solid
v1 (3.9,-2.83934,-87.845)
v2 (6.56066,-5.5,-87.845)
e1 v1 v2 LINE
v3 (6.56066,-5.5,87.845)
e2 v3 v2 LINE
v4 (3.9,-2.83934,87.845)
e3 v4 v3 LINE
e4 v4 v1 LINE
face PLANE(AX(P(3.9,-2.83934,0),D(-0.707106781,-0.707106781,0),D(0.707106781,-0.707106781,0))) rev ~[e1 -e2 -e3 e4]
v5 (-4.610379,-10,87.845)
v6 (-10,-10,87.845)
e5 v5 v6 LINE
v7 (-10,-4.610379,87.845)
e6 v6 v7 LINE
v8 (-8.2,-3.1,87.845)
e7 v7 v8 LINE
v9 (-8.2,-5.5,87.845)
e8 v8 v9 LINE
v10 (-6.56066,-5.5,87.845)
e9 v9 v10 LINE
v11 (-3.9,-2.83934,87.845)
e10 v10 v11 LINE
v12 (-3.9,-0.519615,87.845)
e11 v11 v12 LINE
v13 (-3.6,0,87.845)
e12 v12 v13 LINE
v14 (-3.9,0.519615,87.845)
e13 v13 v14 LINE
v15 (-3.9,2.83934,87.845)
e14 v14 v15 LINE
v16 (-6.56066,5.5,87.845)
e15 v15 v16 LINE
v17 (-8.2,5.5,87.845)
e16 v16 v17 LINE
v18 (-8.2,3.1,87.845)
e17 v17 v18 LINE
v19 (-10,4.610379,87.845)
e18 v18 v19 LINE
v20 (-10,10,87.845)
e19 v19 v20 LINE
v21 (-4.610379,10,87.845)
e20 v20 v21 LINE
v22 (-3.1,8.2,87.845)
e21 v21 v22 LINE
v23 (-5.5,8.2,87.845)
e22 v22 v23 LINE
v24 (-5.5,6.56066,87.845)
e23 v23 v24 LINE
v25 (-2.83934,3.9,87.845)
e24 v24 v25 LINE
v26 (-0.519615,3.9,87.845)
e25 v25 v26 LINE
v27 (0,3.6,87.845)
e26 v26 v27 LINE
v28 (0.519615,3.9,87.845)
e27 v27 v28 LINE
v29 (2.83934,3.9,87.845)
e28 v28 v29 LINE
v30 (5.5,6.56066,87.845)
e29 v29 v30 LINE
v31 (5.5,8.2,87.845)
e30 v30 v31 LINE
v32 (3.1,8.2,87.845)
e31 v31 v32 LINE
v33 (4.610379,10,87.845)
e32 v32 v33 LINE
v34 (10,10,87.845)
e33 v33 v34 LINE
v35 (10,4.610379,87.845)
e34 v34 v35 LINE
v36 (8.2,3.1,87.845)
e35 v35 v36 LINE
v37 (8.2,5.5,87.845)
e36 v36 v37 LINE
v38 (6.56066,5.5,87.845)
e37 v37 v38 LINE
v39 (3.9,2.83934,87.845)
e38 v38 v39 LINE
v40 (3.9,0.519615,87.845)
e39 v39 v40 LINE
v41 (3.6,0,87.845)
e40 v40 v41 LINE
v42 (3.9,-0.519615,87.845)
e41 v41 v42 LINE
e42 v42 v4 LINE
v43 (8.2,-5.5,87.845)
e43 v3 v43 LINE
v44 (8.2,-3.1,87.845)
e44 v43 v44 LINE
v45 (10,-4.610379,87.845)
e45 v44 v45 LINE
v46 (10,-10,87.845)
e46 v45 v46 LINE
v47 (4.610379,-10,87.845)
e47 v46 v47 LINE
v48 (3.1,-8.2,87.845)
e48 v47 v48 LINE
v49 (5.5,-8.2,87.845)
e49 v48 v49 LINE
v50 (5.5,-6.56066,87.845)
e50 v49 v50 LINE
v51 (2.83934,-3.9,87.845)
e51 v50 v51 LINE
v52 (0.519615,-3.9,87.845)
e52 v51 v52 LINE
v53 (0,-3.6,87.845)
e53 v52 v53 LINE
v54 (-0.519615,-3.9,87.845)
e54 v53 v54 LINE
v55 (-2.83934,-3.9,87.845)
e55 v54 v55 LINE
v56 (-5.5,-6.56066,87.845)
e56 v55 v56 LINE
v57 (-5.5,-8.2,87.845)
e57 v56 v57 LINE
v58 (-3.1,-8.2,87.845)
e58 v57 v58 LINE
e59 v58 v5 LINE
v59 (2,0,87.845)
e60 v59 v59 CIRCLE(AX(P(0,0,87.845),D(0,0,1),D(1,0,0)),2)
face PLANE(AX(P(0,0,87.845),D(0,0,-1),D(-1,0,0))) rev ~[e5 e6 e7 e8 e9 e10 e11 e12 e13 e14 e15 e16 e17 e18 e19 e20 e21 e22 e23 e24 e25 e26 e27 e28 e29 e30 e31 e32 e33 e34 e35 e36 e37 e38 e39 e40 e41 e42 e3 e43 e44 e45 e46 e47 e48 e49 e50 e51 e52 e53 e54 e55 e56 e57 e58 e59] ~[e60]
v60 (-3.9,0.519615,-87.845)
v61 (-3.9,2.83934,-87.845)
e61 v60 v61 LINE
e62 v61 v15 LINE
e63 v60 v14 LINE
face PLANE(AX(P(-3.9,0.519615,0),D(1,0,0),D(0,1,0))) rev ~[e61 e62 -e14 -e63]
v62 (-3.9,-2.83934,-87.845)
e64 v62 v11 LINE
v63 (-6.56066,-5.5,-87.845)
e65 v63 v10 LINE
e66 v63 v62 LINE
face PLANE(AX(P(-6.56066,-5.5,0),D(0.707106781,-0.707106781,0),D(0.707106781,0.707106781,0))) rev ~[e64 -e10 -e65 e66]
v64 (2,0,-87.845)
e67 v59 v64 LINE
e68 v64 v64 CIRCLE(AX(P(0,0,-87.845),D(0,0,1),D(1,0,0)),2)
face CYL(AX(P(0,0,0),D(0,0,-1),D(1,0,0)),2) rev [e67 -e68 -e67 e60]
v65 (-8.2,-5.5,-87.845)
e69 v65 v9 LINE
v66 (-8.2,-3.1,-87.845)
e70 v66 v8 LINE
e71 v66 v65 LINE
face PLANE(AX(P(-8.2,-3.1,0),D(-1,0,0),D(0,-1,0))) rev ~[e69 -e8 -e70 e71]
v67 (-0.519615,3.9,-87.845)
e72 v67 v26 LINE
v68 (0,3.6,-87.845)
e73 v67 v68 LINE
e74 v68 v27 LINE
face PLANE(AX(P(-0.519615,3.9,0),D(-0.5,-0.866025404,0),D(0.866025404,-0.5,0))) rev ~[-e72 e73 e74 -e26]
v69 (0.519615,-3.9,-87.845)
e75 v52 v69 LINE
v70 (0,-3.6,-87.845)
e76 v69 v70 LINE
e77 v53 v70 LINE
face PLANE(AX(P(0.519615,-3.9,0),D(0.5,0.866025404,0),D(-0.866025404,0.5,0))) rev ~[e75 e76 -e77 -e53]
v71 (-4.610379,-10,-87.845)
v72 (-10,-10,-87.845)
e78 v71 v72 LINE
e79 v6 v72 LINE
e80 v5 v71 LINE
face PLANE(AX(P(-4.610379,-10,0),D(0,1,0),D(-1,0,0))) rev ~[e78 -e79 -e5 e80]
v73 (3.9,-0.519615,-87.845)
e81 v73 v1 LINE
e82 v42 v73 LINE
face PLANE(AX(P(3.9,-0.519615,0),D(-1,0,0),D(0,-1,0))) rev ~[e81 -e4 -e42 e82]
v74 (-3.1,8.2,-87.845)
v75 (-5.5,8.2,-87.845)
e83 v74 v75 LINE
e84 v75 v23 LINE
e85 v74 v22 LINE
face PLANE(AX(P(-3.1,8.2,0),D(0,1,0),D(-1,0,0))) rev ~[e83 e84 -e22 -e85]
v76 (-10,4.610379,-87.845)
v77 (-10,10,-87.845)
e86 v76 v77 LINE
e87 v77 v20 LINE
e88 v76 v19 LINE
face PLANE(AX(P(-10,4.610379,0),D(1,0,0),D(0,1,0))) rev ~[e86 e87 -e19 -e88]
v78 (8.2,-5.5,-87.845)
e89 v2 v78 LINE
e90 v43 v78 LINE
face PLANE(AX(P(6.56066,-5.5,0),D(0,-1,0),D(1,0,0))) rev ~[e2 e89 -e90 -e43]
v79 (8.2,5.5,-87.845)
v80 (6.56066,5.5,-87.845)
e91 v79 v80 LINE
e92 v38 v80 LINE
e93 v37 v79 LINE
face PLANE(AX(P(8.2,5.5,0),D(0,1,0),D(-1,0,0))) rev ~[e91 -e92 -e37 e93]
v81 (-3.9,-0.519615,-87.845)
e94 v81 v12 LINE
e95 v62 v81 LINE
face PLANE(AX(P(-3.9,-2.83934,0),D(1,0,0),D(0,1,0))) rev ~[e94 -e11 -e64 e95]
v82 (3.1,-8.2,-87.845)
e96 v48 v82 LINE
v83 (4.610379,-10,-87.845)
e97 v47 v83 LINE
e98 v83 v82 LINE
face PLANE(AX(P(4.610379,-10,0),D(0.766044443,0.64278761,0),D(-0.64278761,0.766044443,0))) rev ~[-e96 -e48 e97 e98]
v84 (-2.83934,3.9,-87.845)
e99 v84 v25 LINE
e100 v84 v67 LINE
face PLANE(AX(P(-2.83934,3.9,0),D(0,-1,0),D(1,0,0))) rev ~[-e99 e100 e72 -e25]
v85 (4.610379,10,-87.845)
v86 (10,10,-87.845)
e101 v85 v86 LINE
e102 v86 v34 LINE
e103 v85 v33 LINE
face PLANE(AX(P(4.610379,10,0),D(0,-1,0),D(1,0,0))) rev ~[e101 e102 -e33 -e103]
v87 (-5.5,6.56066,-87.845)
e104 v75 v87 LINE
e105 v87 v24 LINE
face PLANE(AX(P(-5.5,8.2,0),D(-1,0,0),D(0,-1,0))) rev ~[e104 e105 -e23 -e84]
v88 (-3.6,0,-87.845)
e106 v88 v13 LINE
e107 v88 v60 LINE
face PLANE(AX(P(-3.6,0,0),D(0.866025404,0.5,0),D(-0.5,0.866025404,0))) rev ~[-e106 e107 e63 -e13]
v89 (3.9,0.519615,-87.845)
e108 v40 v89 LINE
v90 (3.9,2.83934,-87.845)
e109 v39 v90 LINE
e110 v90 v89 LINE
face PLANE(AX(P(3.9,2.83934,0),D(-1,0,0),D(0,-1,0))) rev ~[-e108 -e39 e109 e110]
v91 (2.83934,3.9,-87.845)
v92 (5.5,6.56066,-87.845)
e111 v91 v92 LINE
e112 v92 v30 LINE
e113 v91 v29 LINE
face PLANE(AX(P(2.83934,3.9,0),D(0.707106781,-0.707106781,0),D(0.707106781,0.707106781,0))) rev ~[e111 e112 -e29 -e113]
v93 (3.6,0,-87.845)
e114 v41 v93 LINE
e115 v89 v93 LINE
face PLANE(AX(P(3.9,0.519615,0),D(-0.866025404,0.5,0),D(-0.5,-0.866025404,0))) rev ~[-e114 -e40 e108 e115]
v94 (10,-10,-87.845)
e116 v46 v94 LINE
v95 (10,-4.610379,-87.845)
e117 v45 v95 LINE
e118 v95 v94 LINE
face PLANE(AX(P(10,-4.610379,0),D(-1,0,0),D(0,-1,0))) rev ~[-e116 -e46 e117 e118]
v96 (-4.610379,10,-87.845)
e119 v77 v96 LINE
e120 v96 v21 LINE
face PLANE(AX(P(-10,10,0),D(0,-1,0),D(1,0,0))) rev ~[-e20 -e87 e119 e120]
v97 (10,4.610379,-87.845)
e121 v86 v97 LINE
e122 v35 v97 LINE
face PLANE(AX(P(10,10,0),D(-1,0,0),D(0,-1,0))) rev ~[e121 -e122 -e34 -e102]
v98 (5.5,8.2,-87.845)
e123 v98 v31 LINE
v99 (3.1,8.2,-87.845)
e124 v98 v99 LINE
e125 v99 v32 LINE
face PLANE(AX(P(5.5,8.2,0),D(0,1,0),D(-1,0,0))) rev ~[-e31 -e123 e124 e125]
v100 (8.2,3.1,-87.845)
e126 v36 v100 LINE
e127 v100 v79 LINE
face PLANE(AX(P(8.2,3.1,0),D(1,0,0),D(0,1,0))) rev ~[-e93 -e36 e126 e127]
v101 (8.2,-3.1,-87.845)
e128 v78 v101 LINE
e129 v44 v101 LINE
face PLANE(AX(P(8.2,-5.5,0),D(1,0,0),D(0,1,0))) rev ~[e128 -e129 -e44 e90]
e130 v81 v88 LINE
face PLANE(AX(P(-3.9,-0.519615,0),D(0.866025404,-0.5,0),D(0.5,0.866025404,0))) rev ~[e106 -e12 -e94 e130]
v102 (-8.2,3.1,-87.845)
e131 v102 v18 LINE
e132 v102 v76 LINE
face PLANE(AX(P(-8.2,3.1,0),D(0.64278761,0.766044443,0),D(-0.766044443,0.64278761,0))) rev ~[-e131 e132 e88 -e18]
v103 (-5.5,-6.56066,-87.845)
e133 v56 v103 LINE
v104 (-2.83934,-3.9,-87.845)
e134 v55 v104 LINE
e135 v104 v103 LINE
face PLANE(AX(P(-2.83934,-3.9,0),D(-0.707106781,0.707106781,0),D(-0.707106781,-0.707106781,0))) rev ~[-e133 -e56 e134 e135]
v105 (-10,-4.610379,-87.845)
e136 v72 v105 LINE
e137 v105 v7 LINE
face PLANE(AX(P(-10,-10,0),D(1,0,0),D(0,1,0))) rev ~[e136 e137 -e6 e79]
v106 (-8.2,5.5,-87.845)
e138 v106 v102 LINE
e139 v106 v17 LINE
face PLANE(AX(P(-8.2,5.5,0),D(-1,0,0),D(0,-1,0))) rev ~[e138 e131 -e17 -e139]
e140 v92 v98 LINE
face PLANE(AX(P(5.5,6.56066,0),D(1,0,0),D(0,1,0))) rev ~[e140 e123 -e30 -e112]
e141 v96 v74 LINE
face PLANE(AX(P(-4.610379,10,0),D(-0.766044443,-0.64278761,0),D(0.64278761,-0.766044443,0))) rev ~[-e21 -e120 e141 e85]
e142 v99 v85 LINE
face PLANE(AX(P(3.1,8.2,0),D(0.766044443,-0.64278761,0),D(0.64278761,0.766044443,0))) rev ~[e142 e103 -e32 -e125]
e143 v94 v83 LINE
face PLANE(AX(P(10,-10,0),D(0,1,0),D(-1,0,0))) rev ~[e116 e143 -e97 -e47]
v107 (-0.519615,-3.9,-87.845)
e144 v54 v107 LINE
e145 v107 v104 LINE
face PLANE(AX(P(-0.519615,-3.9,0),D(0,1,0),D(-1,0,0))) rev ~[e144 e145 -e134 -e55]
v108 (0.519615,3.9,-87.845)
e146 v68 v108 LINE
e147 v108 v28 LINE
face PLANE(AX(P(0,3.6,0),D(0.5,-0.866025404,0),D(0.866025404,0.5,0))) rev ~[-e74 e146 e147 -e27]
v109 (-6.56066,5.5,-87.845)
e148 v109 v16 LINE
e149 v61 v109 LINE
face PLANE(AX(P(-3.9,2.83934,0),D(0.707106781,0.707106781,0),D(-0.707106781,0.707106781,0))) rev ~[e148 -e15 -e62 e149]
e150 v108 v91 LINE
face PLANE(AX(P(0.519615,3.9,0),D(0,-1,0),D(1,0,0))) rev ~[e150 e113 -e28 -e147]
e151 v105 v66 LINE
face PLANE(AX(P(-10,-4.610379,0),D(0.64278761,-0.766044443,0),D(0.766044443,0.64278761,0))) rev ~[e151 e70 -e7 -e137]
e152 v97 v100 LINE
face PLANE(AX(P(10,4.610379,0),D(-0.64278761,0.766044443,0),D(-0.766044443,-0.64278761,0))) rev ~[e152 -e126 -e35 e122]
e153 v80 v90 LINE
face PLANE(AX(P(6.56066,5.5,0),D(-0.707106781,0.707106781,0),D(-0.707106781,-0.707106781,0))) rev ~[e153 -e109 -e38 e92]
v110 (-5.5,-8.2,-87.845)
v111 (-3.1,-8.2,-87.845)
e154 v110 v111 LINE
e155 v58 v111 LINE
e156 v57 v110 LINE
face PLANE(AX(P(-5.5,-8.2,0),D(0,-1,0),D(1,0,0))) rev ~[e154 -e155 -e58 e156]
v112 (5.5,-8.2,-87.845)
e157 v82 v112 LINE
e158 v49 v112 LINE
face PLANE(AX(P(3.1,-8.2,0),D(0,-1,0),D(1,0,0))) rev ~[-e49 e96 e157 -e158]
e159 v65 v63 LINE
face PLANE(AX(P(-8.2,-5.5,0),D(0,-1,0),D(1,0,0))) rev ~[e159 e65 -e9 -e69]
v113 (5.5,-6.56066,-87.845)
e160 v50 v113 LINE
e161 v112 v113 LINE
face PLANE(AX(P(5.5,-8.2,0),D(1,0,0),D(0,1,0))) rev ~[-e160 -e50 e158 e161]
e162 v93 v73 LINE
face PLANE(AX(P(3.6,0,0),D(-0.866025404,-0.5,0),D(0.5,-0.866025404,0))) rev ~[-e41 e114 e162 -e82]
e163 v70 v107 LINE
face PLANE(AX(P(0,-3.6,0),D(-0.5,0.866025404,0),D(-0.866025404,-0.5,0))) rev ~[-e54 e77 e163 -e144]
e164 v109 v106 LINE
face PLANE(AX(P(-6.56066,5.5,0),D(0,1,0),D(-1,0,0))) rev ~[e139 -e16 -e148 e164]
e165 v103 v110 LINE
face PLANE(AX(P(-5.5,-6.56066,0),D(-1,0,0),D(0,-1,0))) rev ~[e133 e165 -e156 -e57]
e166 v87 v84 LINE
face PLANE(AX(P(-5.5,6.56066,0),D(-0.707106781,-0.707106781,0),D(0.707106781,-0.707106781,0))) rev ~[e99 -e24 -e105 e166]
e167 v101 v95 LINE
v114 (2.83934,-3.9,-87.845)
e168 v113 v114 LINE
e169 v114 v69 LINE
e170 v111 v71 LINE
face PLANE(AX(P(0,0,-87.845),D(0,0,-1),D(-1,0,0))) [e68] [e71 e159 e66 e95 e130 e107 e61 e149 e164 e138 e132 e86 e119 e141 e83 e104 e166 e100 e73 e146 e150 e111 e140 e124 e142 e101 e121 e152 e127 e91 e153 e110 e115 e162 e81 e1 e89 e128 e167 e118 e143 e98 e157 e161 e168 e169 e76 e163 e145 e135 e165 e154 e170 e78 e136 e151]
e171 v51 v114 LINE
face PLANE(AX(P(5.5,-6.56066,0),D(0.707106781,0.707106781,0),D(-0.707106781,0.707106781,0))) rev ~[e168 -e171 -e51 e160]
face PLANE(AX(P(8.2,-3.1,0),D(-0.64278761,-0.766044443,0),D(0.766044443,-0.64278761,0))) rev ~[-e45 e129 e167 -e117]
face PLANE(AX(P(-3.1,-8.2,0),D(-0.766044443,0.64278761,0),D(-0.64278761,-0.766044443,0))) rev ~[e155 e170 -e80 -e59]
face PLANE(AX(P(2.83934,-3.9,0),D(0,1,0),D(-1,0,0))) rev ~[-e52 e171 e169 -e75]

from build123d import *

# Parameters (mm, degrees)
SKETCH1_R           = 2
BOSS_EXTRUDE1_DEPTH = 87.845


with BuildPart() as part:
    # Sketch1 → Boss-Extrude1 (new body, symmetric)
    with BuildSketch(Plane.XY):
        Polygon((10, 10), (10, 4.610379336), (8.2, 3.1), (8.2, 5.5), (6.560660172, 5.5), (3.9, 2.839339828), (3.9, 0.519615242), (3.6, 0), (3.9, -0.519615242), (3.9, -2.839339828), (6.560660172, -5.5), (8.2, -5.5), (8.2, -3.1), (10, -4.610379336), (10, -10), (4.610379336, -10), (3.1, -8.2), (5.5, -8.2), (5.5, -6.560660172), (2.839339828, -3.9), (0.519615242, -3.9), (0, -3.6), (-0.519615242, -3.9), (-2.839339828, -3.9), (-5.5, -6.560660172), (-5.5, -8.2), (-3.1, -8.2), (-4.610379336, -10), (-10, -10), (-10, -4.610379336), (-8.2, -3.1), (-8.2, -5.5), (-6.560660172, -5.5), (-3.9, -2.839339828), (-3.9, -0.519615242), (-3.6, 0), (-3.9, 0.519615242), (-3.9, 2.839339828), (-6.560660172, 5.5), (-8.2, 5.5), (-8.2, 3.1), (-10, 4.610379336), (-10, 10), (-4.610379336, 10), (-3.1, 8.2), (-5.5, 8.2), (-5.5, 6.560660172), (-2.839339828, 3.9), (-0.519615242, 3.9), (0, 3.6), (0.519615242, 3.9), (2.839339828, 3.9), (5.5, 6.560660172), (5.5, 8.2), (3.1, 8.2), (4.610379336, 10), align=None)
        Circle(SKETCH1_R, mode=Mode.SUBTRACT)
    extrude(amount=BOSS_EXTRUDE1_DEPTH, both=True)


solid = part.part
